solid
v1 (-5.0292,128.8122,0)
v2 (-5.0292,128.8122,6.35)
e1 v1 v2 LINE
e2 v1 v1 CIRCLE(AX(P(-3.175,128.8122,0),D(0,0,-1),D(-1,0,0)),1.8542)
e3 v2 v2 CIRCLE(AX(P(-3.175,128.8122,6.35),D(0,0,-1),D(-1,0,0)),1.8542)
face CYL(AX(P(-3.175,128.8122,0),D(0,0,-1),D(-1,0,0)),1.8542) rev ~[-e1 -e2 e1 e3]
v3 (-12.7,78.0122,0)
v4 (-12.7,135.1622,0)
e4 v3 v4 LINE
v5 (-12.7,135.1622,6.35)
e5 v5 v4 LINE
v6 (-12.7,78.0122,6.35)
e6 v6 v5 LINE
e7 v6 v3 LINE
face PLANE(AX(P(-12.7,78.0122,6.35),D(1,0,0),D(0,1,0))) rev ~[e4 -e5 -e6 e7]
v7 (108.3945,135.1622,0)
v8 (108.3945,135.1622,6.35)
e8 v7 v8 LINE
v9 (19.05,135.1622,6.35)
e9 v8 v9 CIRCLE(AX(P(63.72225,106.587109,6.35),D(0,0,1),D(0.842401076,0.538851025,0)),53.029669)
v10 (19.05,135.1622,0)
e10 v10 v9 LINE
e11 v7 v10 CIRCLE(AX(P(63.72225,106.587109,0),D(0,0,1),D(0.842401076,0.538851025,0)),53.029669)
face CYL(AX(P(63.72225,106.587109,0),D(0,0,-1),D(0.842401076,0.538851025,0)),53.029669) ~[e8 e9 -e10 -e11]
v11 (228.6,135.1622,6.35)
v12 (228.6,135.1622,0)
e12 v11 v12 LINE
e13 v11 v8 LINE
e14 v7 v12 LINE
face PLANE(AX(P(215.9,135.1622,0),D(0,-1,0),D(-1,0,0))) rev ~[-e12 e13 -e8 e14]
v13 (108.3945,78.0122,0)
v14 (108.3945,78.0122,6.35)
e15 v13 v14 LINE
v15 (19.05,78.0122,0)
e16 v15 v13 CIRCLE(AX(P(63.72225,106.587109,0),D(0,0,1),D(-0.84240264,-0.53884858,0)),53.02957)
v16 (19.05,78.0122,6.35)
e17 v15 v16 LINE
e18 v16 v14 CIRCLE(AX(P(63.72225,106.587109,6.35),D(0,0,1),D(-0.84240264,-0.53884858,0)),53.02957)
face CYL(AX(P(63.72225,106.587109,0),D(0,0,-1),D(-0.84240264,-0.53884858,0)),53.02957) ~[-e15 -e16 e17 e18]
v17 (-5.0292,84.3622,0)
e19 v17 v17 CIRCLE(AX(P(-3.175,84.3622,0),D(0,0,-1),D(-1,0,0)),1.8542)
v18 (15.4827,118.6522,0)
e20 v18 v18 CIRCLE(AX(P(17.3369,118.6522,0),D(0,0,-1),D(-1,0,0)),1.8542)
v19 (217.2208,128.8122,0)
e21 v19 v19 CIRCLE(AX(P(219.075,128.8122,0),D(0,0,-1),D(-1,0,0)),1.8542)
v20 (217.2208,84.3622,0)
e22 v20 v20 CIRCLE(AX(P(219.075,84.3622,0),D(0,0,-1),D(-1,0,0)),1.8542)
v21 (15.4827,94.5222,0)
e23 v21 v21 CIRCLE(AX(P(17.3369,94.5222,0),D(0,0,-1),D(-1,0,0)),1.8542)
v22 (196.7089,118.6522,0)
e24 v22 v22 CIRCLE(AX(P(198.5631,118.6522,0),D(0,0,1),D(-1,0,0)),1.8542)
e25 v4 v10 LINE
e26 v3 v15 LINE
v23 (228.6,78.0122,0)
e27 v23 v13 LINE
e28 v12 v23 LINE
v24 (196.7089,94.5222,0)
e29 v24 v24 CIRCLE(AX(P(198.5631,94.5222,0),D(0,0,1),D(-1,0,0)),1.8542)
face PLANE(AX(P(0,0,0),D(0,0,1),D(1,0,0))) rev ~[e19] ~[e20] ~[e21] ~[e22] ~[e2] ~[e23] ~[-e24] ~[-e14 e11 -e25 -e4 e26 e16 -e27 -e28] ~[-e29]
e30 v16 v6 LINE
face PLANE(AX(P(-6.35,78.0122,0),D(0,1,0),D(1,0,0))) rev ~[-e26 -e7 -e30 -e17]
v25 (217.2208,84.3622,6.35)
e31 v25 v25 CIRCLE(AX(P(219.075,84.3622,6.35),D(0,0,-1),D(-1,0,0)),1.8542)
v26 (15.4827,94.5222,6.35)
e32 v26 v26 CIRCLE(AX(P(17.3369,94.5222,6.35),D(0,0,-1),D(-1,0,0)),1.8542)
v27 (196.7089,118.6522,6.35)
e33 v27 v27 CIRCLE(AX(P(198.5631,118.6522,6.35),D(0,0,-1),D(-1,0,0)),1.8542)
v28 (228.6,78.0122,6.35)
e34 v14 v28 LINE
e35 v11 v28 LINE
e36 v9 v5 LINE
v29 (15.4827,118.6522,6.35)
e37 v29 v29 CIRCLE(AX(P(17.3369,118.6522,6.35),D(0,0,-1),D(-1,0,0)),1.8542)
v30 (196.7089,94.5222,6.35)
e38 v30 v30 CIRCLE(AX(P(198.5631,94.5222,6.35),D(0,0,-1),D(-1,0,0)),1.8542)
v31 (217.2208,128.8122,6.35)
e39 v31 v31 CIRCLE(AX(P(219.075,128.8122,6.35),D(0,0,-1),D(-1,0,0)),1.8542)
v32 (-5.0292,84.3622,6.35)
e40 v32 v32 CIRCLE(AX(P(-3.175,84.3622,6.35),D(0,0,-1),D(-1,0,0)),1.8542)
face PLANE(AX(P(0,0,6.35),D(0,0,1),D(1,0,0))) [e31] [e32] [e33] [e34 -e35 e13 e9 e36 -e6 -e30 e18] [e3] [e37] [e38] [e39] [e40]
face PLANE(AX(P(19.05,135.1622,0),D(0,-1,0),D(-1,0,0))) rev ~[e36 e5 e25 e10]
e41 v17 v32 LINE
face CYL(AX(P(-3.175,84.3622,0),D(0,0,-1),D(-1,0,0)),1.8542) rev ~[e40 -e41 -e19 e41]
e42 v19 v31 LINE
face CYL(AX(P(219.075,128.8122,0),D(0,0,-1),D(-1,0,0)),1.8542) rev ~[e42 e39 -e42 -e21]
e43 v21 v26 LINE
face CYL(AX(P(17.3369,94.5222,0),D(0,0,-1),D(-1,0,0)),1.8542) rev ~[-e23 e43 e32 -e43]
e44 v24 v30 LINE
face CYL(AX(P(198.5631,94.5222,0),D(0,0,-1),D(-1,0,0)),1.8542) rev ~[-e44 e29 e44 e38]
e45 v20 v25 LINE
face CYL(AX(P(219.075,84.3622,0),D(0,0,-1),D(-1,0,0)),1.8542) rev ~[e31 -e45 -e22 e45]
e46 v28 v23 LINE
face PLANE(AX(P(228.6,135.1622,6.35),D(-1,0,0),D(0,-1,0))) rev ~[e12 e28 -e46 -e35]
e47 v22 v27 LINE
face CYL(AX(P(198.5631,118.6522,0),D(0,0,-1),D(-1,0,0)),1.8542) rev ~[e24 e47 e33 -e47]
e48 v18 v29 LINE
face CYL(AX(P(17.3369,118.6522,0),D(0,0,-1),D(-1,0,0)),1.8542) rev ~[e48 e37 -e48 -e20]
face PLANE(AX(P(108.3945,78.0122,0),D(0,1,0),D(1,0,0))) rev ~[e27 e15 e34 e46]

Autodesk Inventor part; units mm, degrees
ref_plane "YZ Plane" through (0, 0, 0) normal (1, 0, 0) x (0, 1, 0)
ref_plane "XZ Plane" through (0, 0, 0) normal (0, 1, 0) x (-1, 0, 0)
ref_plane "XY Plane" through (0, 0, 0) normal (0, 0, 1) x (1, 0, 0)
sketch "Sketch1" plane through (0, 0, 0) normal (0, 0, 1) x (1, 0, 0)
  line L0 (0, 78.0122) -> (0, 82.508) projected
  line L1 (-6.35, 82.508) -> (-6.35, 78.0122) projected
  line L2 (-6.35, 78.0122) -> (0, 78.0122) projected
  line L3 (222.25, 130.6664) -> (222.25, 135.1622) projected
  line L4 (215.9, 135.1622) -> (222.25, 135.1622) projected
  line L5 (215.9, 135.1622) -> (215.9, 130.6664) projected
  line L6 (222.25, 78.0122) -> (222.25, 135.1622)
  line L7 (-6.35, 135.1622) -> (-6.35, 78.0122)
  arc A0 (65.1726, 108.6235) -> (63.7223, 104.0872) centre (63.7223, 106.5872) ccw projected
  line L8 (222.25, 135.1622) -> (108.3945, 135.1622)
  line L9 (19.05, 135.1622) -> (-6.35, 135.1622)
  line L10 (-6.35, 78.0122) -> (19.05, 78.0122)
  line L11 (108.3945, 78.0122) -> (222.25, 78.0122)
  arc A1 (108.3945, 135.1622) -> (19.05, 135.1622) centre (63.7223, 106.5872) ccw
  arc A2 (19.05, 78.0122) -> (108.3945, 78.0122) centre (63.7223, 106.5872) ccw
  line L12 (215.9, 130.6664) -> (222.25, 130.6664) projected
  line L13 (0, 82.508) -> (-6.35, 82.508) projected
  point P0 (0, 0)
  dimension "d19" = 57.15
  dimension "d20" = 57.15
  dimension "d21" = 228.6
  dimension "d22" = 228.6
  dimension "d23" = 25.4
  dimension "d24" = 25.4
  dimension "d25" = 113.8555
  dimension "d26" = 113.8555
extrude "Extrusion1" add sketch "Sketch1" along normal blind 6.35
extrude "Extrusion2" [suppressed]
sketch "Sketch3" plane through (0, 0, 0) normal (0, 0, -1) x (-1, 0, 0)
  line L0 (6.35, 135.1622) -> (6.35, 78.0122) construction
  line L1 (-222.25, 135.1622) -> (-108.3945, 135.1622) construction
  line L2 (-222.25, 78.0122) -> (-222.25, 135.1622) construction
  line L3 (-108.3945, 78.0122) -> (-222.25, 78.0122) construction
  line L4 (-215.9, 135.1622) -> (-215.9, 130.6664) construction
  line L5 (-217.6131, 96.5879) -> (-200.4173, 96.5879) construction
  line L6 (-200.4173, 90.2379) -> (-217.6131, 90.2379) construction
  line L7 (-217.6131, 90.2379) -> (-217.6131, 96.5879) construction
  line L8 (-217.6131, 121.9879) -> (-200.4173, 121.9879) construction
  line L9 (-200.4173, 115.6379) -> (-217.6131, 115.6379) construction
  line L10 (-217.6131, 115.6379) -> (-217.6131, 121.9879) construction
  circle A0 centre (-219.075, 128.8122) radius 1.8542
  circle A1 centre (-198.5631, 118.6522) radius 1.8542
  line L11 (-222.25, 106.5872) -> (-215.9, 106.5872) construction
  circle A2 centre (-219.075, 84.3622) radius 1.8542
  circle A3 centre (-198.5631, 94.5222) radius 1.8542
  line L12 (-107.95, 135.1622) -> (-107.95, 78.0122) construction
  circle A4 centre (3.175, 128.8122) radius 1.8542
  circle A5 centre (-17.3369, 118.6522) radius 1.8542
  circle A6 centre (-17.3369, 94.5222) radius 1.8542
  circle A7 centre (3.175, 84.3622) radius 1.8542
  line L13 (-200.4173, 121.9879) -> (-200.4173, 115.6379) projected
  line L14 (-200.4173, 96.5879) -> (-200.4173, 90.2379) projected
  line L15 (6.35, 78.0122) -> (-19.05, 78.0122) projected
  line L16 (-19.05, 135.1622) -> (6.35, 135.1622) projected
  point P0 (0, 0)
  point P1 (-215.9, 135.1622)
  dimension "d7" = 3.7084
  dimension "d8" = 3.175
  dimension "d9" = 3.175
  dimension "d10" = 6.35
  dimension "d11" = 3.7084
  dimension "d12" = 19.05
  dimension "d13" = 28.575
  dimension "d14" = 28.575
  dimension "d15" = 114.3
  dimension "d16" = 114.3
  dimension "d27" = 16.51
  dimension "d28" = 16.51
  dimension "d29" = 23.6868
  dimension "d30" = 23.6868
  dimension "d31" = 16.51
  dimension "d32" = 16.51
  dimension "d33" = 23.6868
  dimension "d34" = 23.6868
extrude "Extrusion3" cut sketch "Sketch3" against normal through all
sketch "Sketch4" plane through (0, 0, 6.35) normal (0, 0, 1) x (1, 0, 0)
  line L0 (222.25, 135.1622) -> (228.6, 135.1622)
  line L1 (228.6, 135.1622) -> (228.6, 78.0122)
  line L2 (228.6, 78.0122) -> (222.25, 78.0122)
  line L3 (222.25, 78.0122) -> (222.25, 135.1622)
  line L4 (-6.35, 78.0122) -> (-12.7, 78.0122)
  line L5 (-12.7, 78.0122) -> (-12.7, 135.1622)
  line L6 (-12.7, 135.1622) -> (-6.35, 135.1622)
  line L7 (-6.35, 135.1622) -> (-6.35, 78.0122)
  point P0 (0, 0)
  dimension "d35" = 6.35
  dimension "d36" = 57.15
  dimension "d37" = 6.35
  dimension "d38" = 57.15
extrude "Extrusion4" add sketch "Sketch4" against normal blind 6.35
sketch "Sketch5" plane through (0, 0, 6.35) normal (0, 0, 1) x (1, 0, 0)
  line L0 (228.6, 135.1622) -> (228.6, 78.0122) projected
  line L1 (-12.7, 78.0122) -> (-12.7, 135.1622) projected
  line L2 (255.1581, 125.1613) -> (255.1581, 88.0132) projected
  line L3 (261.5081, 88.0132) -> (255.1581, 88.0132) projected
  line L4 (261.5081, 88.0132) -> (261.5081, 125.1613) projected
  line L5 (261.5081, 125.1613) -> (255.1581, 125.1613) projected
  line L6 (-6.35, 125.1613) -> (-6.35, 88.0132) projected
  line L7 (0, 88.0132) -> (-6.35, 88.0132) projected
  line L8 (0, 88.0132) -> (0, 125.1613) projected
  line L9 (0, 125.1613) -> (-6.35, 125.1613) projected
  line L10 (255.1581, 119.2872) -> (261.5081, 119.2872)
  line L11 (261.5081, 119.2872) -> (261.5081, 93.8872)
  line L12 (261.5081, 93.8872) -> (255.1581, 93.8872)
  line L13 (255.1581, 93.8872) -> (255.1581, 119.2872)
  line L14 (-12.7, 106.5872) -> (228.6, 106.5872) construction
  line L15 (107.95, 135.1622) -> (107.95, 78.0122) construction
  line L16 (-6.35, 125.1613) -> (0, 125.1613)
  line L17 (-39.2581, 119.2872) -> (-45.6081, 119.2872)
  line L18 (-45.6081, 119.2872) -> (-45.6081, 93.8872)
  line L19 (-45.6081, 93.8872) -> (-39.2581, 93.8872)
  line L20 (-39.2581, 93.8872) -> (-39.2581, 119.2872)
  point P0 (0, 0)
  dimension "d41" = 25.4
  dimension "d43" = 5.874
  dimension "d44" = 5.874
  dimension "d45" = 120.65
  dimension "d46" = 120.65
extrude "Extrusion5" cut sketch "Sketch5" against normal through all contours L10 L4 L12 L2 | L20 L19 L18 L17
sketch "Sketch6" plane through (0, 0, 6.35) normal (0, 0, 1) x (1, 0, 0)
  circle A0 centre (95.3576, 24.463) radius 3.175 construction
  circle A1 centre (97.1959, 37.4808) radius 1.8542 projected
  circle A2 centre (108.3755, 22.6247) radius 1.8542 projected
  circle A3 centre (93.5193, 11.4451) radius 1.8542 projected
  circle A4 centre (82.3397, 26.3012) radius 1.8542 projected
  circle A5 centre (95.3576, 24.463) radius 19.05 construction
  point P0 (0, 0)
extrude "Extrusion6" cut sketch "Sketch6" against normal through all
equation "\"d8\" = d9"
equation "\"d13\" = d14"
equation "\"d15\" = d16"
equation "\"d43\" = d44"
equation "\"d45\" = d46"
properties part number "tiltStructureCrossBeamRB01" material "Wood (Cherry)"
